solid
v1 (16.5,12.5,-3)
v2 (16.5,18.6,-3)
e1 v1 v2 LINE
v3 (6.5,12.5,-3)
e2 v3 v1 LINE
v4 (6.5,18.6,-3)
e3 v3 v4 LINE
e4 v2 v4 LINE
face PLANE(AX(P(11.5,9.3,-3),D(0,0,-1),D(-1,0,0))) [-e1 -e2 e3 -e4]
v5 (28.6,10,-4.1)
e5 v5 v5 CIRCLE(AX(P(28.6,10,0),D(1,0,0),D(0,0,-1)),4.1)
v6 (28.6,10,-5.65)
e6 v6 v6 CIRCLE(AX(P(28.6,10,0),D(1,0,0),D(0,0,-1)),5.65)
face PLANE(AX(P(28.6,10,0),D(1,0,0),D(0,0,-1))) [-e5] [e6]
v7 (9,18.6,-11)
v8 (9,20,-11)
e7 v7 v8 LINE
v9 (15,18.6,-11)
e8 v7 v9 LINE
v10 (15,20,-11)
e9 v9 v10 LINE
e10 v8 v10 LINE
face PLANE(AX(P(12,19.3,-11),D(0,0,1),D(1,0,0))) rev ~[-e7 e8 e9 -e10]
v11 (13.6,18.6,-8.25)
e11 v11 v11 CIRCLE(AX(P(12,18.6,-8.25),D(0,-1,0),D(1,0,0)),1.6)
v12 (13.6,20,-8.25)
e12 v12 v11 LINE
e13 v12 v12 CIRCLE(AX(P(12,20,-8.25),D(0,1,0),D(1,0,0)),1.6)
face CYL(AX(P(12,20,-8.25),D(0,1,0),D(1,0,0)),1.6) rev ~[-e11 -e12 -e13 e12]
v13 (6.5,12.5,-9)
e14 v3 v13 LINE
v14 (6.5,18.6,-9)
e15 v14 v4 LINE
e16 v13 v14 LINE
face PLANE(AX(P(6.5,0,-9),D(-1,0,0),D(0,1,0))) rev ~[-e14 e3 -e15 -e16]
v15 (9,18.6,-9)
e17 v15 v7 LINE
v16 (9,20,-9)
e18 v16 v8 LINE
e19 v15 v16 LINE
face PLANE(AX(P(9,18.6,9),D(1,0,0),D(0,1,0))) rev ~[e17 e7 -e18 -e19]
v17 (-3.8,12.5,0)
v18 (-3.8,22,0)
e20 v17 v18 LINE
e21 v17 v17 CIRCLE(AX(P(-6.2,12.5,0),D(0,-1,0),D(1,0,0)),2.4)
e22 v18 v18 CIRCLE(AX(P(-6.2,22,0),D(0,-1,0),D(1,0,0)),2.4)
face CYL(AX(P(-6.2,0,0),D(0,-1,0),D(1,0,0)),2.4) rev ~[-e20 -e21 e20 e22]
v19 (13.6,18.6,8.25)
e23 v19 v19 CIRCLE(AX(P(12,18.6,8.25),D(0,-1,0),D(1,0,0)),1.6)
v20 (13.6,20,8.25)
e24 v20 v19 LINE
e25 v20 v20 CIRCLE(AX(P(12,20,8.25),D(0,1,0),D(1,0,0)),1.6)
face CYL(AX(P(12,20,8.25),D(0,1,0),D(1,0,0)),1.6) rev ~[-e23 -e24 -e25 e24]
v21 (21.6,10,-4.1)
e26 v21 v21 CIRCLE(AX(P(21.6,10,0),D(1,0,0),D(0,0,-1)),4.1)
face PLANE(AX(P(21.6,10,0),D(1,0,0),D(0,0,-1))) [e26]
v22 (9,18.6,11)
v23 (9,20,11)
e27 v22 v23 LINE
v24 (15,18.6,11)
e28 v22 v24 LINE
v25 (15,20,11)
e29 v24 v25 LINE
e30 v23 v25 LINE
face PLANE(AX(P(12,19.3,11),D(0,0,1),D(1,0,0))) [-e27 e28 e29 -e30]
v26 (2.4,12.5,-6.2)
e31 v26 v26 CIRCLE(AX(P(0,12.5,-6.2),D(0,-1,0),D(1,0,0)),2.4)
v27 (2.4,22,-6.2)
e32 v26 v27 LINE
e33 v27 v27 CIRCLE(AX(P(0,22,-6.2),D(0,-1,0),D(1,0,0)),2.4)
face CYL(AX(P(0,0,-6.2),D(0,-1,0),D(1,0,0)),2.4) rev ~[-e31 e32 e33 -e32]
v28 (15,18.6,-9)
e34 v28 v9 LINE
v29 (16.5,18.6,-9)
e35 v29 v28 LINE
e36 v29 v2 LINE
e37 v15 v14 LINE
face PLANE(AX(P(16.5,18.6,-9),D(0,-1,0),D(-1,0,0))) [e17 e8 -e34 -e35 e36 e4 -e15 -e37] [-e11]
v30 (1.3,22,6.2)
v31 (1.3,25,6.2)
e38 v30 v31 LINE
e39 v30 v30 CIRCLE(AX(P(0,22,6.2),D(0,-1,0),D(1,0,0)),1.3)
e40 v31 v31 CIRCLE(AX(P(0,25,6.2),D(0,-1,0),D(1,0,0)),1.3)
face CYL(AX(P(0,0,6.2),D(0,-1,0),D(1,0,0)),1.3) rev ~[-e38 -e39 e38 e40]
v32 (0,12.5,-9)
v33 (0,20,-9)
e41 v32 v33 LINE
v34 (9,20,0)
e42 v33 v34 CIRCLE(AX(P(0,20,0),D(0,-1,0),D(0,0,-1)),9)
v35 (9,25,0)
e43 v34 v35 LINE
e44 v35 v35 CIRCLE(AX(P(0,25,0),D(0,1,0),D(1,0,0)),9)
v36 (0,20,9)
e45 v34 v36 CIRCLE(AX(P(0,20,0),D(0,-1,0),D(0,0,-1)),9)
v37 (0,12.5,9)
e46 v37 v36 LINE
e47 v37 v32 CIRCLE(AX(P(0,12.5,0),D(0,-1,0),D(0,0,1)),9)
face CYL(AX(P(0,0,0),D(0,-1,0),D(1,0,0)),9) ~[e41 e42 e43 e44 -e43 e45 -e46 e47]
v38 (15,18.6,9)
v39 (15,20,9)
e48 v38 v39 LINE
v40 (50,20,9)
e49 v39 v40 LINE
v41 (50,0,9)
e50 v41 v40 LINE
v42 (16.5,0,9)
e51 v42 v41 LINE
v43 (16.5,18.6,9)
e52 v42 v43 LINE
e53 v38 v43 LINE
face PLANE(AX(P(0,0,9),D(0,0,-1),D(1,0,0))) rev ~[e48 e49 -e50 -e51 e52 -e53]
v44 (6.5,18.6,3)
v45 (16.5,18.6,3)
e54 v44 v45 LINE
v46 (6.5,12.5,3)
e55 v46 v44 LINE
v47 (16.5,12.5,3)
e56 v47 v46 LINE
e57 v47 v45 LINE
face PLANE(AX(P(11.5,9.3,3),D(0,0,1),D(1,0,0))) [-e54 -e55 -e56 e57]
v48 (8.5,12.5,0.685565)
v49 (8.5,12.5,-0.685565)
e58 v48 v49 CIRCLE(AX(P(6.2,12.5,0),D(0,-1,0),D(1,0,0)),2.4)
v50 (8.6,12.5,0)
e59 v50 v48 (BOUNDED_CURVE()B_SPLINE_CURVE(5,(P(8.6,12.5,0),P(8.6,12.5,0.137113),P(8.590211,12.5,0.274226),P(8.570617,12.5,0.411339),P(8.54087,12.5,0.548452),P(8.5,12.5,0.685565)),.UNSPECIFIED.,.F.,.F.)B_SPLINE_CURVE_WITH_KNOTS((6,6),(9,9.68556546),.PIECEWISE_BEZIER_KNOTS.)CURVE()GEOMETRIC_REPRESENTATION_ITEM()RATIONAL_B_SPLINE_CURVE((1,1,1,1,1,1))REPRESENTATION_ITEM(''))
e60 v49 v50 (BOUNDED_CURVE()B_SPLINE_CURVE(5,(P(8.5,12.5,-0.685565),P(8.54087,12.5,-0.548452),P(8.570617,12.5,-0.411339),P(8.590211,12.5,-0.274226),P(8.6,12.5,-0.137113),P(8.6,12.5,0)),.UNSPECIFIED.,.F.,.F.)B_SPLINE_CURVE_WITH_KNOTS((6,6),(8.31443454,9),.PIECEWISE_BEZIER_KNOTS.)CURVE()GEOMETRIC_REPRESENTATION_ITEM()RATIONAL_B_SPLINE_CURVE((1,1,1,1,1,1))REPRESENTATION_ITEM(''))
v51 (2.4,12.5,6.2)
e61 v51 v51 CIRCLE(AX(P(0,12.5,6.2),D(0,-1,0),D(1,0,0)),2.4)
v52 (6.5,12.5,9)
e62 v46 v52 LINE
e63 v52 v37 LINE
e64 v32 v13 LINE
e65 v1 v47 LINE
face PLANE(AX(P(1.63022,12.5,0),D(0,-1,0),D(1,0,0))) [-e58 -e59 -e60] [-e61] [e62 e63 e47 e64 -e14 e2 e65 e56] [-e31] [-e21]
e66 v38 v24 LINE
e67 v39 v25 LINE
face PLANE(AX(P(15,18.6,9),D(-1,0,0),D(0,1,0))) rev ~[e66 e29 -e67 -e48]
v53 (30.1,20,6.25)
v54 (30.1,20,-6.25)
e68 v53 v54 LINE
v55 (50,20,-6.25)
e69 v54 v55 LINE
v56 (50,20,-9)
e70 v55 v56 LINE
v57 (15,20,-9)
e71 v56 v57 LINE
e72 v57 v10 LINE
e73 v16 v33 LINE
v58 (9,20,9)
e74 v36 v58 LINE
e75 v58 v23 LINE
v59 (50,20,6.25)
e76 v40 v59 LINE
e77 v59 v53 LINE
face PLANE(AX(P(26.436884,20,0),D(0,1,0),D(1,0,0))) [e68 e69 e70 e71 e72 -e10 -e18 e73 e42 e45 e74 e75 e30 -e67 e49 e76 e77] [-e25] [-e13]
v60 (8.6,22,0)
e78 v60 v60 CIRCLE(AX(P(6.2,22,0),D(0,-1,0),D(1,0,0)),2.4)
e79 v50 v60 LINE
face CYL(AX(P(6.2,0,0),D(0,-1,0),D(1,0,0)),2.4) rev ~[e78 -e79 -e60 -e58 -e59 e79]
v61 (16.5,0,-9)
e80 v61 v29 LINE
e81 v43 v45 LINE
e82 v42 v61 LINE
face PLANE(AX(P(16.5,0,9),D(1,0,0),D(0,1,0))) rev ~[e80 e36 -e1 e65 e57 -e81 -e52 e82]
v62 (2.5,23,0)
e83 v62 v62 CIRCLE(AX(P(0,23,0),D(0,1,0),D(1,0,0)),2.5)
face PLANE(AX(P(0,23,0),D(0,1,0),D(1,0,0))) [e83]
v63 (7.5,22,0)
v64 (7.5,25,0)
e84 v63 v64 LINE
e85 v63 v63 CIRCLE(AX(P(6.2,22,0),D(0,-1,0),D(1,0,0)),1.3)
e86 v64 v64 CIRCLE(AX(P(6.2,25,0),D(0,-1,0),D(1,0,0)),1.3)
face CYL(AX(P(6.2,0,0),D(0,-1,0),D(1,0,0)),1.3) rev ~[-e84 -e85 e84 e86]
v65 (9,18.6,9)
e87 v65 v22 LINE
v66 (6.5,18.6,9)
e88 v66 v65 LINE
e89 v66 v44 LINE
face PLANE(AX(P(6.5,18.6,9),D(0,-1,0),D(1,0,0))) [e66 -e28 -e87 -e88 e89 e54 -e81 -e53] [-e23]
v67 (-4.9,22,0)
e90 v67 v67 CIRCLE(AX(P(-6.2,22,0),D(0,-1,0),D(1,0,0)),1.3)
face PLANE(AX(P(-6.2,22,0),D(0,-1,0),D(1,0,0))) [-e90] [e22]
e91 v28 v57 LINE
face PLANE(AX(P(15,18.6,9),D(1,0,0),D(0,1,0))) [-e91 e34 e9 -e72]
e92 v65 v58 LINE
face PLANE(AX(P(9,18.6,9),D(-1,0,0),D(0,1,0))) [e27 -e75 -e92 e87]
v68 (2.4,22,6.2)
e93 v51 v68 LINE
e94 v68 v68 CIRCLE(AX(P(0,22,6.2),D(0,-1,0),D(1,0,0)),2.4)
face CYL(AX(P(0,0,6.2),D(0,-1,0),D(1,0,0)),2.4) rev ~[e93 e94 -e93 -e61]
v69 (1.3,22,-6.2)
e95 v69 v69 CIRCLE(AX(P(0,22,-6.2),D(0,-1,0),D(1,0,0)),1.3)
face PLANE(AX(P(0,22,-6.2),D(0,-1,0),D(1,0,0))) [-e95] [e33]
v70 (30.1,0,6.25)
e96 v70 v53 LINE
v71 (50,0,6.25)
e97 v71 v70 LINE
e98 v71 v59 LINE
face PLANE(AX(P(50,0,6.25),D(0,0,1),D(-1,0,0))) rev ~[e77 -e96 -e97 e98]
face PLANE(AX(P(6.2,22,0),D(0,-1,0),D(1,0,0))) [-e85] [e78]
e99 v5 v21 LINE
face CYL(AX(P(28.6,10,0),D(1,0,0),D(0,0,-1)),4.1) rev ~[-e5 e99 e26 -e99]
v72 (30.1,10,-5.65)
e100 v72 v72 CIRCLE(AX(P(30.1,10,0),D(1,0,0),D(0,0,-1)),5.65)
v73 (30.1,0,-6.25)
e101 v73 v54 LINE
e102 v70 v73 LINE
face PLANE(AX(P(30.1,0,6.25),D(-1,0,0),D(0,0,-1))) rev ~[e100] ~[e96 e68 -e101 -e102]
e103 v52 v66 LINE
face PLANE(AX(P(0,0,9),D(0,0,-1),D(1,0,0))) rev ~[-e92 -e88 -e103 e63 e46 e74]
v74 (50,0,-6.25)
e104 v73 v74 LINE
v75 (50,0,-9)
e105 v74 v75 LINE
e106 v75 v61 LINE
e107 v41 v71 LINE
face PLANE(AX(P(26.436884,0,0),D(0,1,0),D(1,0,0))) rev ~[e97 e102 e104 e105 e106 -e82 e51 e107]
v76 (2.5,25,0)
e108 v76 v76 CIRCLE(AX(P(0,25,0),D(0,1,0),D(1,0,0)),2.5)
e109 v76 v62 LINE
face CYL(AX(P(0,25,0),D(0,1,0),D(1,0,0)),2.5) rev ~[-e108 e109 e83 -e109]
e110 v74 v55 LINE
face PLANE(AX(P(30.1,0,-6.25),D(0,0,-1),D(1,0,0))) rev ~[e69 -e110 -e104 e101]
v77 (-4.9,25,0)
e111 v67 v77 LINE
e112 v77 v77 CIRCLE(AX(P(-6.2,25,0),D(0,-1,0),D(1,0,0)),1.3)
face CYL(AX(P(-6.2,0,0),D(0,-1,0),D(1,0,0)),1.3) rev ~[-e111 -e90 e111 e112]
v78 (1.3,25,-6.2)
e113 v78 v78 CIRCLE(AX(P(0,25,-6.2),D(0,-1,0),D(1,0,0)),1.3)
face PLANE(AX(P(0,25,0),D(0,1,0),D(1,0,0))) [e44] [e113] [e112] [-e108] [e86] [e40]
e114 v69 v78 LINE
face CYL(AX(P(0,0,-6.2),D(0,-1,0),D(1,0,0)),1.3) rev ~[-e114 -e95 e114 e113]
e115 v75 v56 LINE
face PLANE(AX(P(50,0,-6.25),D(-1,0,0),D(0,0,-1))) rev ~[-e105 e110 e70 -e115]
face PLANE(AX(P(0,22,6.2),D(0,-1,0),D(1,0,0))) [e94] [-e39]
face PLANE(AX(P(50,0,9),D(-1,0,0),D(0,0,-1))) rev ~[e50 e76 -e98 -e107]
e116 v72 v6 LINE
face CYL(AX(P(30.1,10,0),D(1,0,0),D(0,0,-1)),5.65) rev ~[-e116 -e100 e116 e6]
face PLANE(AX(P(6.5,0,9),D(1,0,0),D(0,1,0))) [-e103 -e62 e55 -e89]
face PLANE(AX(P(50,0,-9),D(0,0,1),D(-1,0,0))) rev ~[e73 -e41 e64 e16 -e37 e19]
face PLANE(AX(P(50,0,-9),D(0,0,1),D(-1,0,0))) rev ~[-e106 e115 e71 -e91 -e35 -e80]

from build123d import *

# Parameters (mm, degrees)
SKETCH1_R                = 9
BOSS_EXTRUDE1_DEPTH      = 25
SKETCH2_R                = 2.4
CUT_EXTRUDE1_DEPTH       = 22
SKETCH4_R                = 1.3
CUT_EXTRUDE2_DEPTH       = 26
SKETCH19_R               = 2.5
CUT_EXTRUDE10_DEPTH      = 2
BOSS_EXTRUDE2_DEPTH      = 20
SKETCH8_R                = 5.65
CUT_EXTRUDE3_DEPTH       = 20.9
CUT_EXTRUDE3_DEPTH_BACK  = 1.5
CUT_EXTRUDE5_DEPTH       = 12.5
FILLET1_R                = 5
SKETCH11_R               = 4.1
CUT_EXTRUDE6_DEPTH       = 7
FILLET4_R                = 0.5
SKETCH12_W               = 6
SKETCH12_H               = 1.4
BOSS_EXTRUDE3_DEPTH      = 2
BOSS_EXTRUDE3_DEPTH_BACK = 20
SKETCH13_R               = 1.6
CUT_EXTRUDE7_DEPTH       = 21
SKETCH14_W               = 10
SKETCH14_H               = 18.6
CUT_EXTRUDE8_DEPTH       = 6
SKETCH15_W               = 10
SKETCH15_H               = 18.6
CUT_EXTRUDE9_DEPTH       = 6
CUT_EXTRUDE11_REACH      = 16
SKETCH20_W               = 10
SKETCH20_H               = 12.5


with BuildPart() as part:
    # Sketch1 → Boss-Extrude1 (new body)
    with BuildSketch(Plane(origin=(0, 0, 0), x_dir=(1, 0, 0), z_dir=(0, 1, 0))):
        Circle(SKETCH1_R)
    extrude(amount=BOSS_EXTRUDE1_DEPTH)

    # Sketch2 → Cut-Extrude1 (cut)
    with BuildSketch(Plane.XZ):
        with Locations((0, 6.2)):
            Circle(SKETCH2_R)
        with Locations((6.2, 0)):
            Circle(SKETCH2_R)
        with Locations((0, -6.2)):
            Circle(SKETCH2_R)
        with Locations((-6.2, 0)):
            Circle(SKETCH2_R)
    extrude(amount=-CUT_EXTRUDE1_DEPTH, mode=Mode.SUBTRACT)

    # Sketch4 → Cut-Extrude2 (cut, through all)
    with BuildSketch(Plane.XZ):
        with Locations((0, 6.2)):
            Circle(SKETCH4_R)
        with Locations((6.2, 0)):
            Circle(SKETCH4_R)
        with Locations((0, -6.2)):
            Circle(SKETCH4_R)
        with Locations((-6.2, 0)):
            Circle(SKETCH4_R)
    extrude(amount=-CUT_EXTRUDE2_DEPTH, mode=Mode.SUBTRACT)

    # Sketch19 → Cut-Extrude10 (cut)
    with BuildSketch(Plane(origin=(0, 25, 0), x_dir=(1, 0, 0), z_dir=(0, 1, 0))):
        Circle(SKETCH19_R)
    extrude(amount=-CUT_EXTRUDE10_DEPTH, mode=Mode.SUBTRACT)

    # Sketch6 → Boss-Extrude2 (add)
    with BuildSketch(Plane(origin=(0, 0, 0), x_dir=(1, 0, 0), z_dir=(0, 1, 0))):
        with BuildLine():
            Line((30.1, 6.25), (50, 6.25))
            Line((50, 6.25), (50, 9))
            Line((50, 9), (0, 9))
            ThreePointArc((0, 9), (9, 0), (0, -9))
            Line((0, -9), (50, -9))
            Line((50, -9), (50, -6.25))
            Line((50, -6.25), (30.1, -6.25))
            Line((30.1, -6.25), (30.1, 6.25))
        make_face()
    extrude(amount=BOSS_EXTRUDE2_DEPTH)

    # Sketch8 → Cut-Extrude3 (cut, two sides)
    with BuildSketch(Plane(origin=(30.1, 0, 0), x_dir=(0, 0, -1), z_dir=(1, 0, 0))) as cut_extrude3_sk:
        with Locations((0, 10)):
            Circle(SKETCH8_R)
    extrude(amount=CUT_EXTRUDE3_DEPTH, mode=Mode.SUBTRACT)
    extrude(cut_extrude3_sk.sketch, amount=-CUT_EXTRUDE3_DEPTH_BACK, mode=Mode.SUBTRACT)

    # Sketch10 → Cut-Extrude5 (cut)
    with BuildSketch(Plane.XZ):
        with BuildLine():
            Line((9, 0), (9, 9))
            Line((9, 9), (0, 9))
            ThreePointArc((0, 9), (-9, 0), (0, -9))
            Line((0, -9), (9, -9))
            Line((9, -9), (9, 0))
        make_face()
    extrude(amount=-CUT_EXTRUDE5_DEPTH, mode=Mode.SUBTRACT)

    # Fillet1
    fillet1_edges = [part.edges().sort_by_distance(p)[0] for p in [
        (9, 0, 0),
    ]]
    fillet(fillet1_edges, radius=FILLET1_R)

    # Sketch11 → Cut-Extrude6 (cut)
    with BuildSketch(Plane(origin=(28.6, 0, 0), x_dir=(0, 0, -1), z_dir=(1, 0, 0))):
        with Locations((0, 10)):
            Circle(SKETCH11_R)
    extrude(amount=-CUT_EXTRUDE6_DEPTH, mode=Mode.SUBTRACT)

    # Fillet4
    fillet4_edges = [part.edges().sort_by_distance(p)[0] for p in [
        (9, 12.5, 0),
    ]]
    fillet(fillet4_edges, radius=FILLET4_R)

    # Sketch12 → Boss-Extrude3 (add, two sides)
    with BuildSketch(Plane.XY.offset(9)) as boss_extrude3_sk:
        with Locations((12, 19.3)):
            Rectangle(SKETCH12_W, SKETCH12_H)
    extrude(amount=BOSS_EXTRUDE3_DEPTH)
    extrude(boss_extrude3_sk.sketch, amount=-BOSS_EXTRUDE3_DEPTH_BACK)

    # Sketch13 → Cut-Extrude7 (cut, through all)
    with BuildSketch(Plane(origin=(0, 20, 0), x_dir=(1, 0, 0), z_dir=(0, 1, 0))):
        with Locations((12, 8.25)):
            Circle(SKETCH13_R)
        with Locations((12, -8.25)):
            Circle(SKETCH13_R)
    extrude(amount=-CUT_EXTRUDE7_DEPTH, mode=Mode.SUBTRACT)

    # Sketch14 → Cut-Extrude8 (cut)
    with BuildSketch(Plane.XY.offset(9)):
        with Locations((11.5, 9.3)):
            Rectangle(SKETCH14_W, SKETCH14_H)
    extrude(amount=-CUT_EXTRUDE8_DEPTH, mode=Mode.SUBTRACT)

    # Sketch15 → Cut-Extrude9 (cut)
    with BuildSketch(Plane(origin=(0, 0, -9), x_dir=(-1, 0, 0), z_dir=(0, 0, -1))):
        with Locations((-11.5, 9.3)):
            Rectangle(SKETCH15_W, SKETCH15_H)
    extrude(amount=-CUT_EXTRUDE9_DEPTH, mode=Mode.SUBTRACT)

    # Sketch20 → Cut-Extrude11 (cut, up to next)
    with BuildSketch(Plane(origin=(0, 0, -3), x_dir=(-1, 0, 0), z_dir=(0, 0, -1)), mode=Mode.PRIVATE) as cut_extrude11_sk1:
        with Locations((-11.5, 6.25)):
            Rectangle(SKETCH20_W, SKETCH20_H)
    cut_extrude11_tool1 = extrude(cut_extrude11_sk1.sketch, amount=-CUT_EXTRUDE11_REACH, mode=Mode.PRIVATE) & part.part
    add(cut_extrude11_tool1.solids().sort_by_distance((11.5, 6.25, -3))[0], mode=Mode.SUBTRACT)


solid = part.part
